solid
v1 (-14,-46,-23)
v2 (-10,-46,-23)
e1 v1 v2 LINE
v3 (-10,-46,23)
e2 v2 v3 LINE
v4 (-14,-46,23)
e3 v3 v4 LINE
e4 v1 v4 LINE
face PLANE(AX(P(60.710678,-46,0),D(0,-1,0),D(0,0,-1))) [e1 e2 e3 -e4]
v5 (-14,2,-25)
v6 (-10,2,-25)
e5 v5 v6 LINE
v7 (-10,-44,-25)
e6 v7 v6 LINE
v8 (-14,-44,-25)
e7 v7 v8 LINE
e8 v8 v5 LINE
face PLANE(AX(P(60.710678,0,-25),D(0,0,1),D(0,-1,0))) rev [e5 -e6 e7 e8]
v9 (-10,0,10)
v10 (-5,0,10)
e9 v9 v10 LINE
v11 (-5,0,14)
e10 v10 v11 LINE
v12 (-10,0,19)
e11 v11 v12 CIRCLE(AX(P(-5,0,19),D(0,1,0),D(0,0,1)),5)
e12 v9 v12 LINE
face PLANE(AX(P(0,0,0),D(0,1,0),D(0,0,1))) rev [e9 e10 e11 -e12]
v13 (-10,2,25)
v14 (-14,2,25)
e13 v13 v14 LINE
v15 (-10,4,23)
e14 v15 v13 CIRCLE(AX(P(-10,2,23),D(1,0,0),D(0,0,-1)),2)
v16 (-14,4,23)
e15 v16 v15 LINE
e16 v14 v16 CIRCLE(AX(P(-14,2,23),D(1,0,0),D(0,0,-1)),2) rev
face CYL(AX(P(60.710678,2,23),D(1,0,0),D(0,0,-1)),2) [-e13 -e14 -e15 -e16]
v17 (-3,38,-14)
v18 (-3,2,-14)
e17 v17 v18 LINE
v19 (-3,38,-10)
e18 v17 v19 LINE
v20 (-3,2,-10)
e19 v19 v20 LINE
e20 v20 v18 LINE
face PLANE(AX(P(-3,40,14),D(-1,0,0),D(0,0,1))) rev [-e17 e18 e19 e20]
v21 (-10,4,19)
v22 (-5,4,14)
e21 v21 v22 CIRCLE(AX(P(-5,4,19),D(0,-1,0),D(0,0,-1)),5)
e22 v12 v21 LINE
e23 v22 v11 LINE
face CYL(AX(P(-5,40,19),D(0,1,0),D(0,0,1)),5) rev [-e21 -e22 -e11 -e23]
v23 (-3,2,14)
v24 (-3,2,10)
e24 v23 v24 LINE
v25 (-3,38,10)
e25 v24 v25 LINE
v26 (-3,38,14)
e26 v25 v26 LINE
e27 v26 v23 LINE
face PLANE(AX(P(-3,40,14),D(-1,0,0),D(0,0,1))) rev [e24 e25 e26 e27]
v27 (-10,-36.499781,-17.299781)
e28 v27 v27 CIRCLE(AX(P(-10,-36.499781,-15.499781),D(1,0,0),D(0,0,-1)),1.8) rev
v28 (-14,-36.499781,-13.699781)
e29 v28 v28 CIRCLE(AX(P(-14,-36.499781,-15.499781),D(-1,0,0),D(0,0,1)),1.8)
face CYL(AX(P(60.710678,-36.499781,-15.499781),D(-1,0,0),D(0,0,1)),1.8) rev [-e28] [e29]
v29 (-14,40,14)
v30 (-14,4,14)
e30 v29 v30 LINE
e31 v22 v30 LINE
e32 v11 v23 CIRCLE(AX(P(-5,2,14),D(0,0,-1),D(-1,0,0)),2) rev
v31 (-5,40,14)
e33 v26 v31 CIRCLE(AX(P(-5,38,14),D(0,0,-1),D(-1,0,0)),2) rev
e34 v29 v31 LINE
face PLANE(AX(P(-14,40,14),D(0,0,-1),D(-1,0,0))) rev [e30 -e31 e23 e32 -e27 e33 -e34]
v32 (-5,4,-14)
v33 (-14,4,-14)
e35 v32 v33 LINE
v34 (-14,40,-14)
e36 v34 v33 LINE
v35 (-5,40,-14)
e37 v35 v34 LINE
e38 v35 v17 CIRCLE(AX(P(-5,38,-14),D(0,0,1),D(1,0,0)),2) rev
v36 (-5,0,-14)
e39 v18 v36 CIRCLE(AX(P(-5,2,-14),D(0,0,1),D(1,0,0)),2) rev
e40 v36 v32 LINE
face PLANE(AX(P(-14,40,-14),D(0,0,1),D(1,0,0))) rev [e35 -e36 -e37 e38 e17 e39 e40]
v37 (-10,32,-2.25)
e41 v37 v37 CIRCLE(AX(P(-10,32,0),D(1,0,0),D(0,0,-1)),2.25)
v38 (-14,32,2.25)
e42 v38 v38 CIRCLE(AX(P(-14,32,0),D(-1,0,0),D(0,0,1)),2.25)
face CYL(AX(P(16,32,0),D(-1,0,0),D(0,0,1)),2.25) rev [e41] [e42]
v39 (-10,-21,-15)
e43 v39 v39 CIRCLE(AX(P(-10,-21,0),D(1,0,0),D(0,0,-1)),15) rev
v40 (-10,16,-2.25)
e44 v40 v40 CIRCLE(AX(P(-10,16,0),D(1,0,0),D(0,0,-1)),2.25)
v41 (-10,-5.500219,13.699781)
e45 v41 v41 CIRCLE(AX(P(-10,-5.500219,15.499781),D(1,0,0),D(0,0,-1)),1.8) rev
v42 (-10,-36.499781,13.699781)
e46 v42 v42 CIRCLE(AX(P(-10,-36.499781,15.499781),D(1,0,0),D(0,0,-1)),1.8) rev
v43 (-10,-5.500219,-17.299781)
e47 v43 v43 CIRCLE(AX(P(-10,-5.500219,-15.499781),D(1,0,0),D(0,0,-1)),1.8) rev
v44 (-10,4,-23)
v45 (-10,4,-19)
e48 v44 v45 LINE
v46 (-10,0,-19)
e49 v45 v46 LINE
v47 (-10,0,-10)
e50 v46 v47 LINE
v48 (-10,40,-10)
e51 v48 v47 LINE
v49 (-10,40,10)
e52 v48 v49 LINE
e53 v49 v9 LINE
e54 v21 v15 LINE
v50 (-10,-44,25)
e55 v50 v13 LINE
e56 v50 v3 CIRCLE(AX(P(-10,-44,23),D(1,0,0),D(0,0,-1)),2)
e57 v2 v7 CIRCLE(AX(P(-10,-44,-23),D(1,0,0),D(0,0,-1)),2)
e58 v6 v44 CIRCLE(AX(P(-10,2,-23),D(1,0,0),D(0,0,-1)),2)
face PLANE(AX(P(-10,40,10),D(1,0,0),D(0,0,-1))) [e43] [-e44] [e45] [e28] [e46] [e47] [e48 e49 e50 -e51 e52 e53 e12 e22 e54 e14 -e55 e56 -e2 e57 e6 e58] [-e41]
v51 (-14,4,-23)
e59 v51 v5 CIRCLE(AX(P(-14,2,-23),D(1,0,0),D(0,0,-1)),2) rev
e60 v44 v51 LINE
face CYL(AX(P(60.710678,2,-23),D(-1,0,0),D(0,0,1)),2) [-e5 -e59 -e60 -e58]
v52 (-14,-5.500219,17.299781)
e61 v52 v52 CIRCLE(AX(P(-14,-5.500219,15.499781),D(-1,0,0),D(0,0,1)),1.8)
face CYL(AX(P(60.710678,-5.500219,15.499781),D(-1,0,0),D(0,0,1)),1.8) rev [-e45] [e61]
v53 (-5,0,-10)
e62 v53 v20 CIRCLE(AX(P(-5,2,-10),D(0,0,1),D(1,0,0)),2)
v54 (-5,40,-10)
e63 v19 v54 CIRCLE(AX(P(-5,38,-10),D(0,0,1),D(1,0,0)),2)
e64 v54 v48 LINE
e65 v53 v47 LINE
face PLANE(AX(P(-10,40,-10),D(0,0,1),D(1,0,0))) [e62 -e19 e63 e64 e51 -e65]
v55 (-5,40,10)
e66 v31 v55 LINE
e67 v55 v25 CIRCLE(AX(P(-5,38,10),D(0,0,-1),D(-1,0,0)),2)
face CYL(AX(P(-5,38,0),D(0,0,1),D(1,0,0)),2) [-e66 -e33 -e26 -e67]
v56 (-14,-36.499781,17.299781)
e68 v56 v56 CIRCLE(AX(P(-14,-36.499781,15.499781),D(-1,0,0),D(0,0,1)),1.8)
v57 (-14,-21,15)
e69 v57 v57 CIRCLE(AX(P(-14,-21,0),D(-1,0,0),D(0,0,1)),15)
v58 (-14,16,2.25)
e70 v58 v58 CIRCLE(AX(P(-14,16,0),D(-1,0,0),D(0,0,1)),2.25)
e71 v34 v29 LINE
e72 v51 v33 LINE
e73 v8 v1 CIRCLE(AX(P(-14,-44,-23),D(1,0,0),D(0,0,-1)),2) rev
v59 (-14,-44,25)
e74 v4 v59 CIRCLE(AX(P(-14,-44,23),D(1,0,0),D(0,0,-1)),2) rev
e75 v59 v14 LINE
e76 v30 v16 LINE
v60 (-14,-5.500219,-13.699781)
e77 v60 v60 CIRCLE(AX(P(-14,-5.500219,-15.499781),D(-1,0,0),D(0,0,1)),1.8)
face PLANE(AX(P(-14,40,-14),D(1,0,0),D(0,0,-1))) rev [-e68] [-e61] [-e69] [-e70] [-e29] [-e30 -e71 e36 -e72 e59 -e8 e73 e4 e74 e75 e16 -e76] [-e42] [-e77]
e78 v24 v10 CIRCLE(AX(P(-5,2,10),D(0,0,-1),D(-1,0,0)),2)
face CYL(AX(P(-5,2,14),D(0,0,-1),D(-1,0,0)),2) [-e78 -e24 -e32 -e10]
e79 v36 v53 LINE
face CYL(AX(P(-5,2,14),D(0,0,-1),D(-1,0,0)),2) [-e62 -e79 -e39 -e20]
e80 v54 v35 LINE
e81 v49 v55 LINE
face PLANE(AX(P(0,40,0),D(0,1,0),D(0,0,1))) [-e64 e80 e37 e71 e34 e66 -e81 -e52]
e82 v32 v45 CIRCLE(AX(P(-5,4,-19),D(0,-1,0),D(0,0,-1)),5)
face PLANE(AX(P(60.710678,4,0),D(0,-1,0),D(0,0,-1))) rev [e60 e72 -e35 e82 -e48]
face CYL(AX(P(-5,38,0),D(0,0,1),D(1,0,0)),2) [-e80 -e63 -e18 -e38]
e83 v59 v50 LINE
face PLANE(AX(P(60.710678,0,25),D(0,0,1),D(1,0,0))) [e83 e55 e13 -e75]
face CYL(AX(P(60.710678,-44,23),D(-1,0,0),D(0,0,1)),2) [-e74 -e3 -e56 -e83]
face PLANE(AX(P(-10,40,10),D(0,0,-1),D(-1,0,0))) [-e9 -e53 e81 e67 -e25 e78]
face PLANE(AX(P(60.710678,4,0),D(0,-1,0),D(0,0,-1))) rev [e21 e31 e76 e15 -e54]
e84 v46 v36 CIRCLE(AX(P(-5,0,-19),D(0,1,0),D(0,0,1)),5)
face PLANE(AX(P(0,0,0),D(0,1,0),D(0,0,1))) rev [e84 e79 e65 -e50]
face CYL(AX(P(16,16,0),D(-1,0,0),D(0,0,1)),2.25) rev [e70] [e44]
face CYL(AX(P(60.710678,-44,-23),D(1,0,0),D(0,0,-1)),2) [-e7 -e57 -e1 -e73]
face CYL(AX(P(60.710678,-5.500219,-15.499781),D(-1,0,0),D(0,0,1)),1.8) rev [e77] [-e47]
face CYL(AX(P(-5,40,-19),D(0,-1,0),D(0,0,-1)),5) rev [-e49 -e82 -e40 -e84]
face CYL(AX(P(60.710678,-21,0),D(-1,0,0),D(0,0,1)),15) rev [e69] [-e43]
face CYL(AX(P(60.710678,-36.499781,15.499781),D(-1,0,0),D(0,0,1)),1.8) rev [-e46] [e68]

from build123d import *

# Parameters (mm, degrees)
SKETCH1_W           = 28
SKETCH1_H           = 28
SKETCH1_W_2         = 20
SKETCH1_H_2         = 20
BOSS_EXTRUDE1_DEPTH = 40
SKETCH2_R           = 2.25
CUT_EXTRUDE1_DEPTH  = 30
SKETCH5_W           = 50
SKETCH5_H           = 50
SKETCH5_R           = 1.8
SKETCH5_R_2         = 15
BOSS_EXTRUDE2_DEPTH = 4
SKETCH6_W           = 17
SKETCH6_H           = 28
CUT_EXTRUDE2_DEPTH  = 40
FILLET1_R           = 2
FILLET2_R           = 5


with BuildPart() as part:
    # Sketch1 → Boss-Extrude1 (new body)
    with BuildSketch(Plane(origin=(0, 0, 0), x_dir=(1, 0, 0), z_dir=(0, 1, 0))):
        Rectangle(SKETCH1_W, SKETCH1_H)
        Rectangle(SKETCH1_W_2, SKETCH1_H_2, mode=Mode.SUBTRACT)
    extrude(amount=BOSS_EXTRUDE1_DEPTH)

    # Sketch2 → Cut-Extrude1 (cut)
    with BuildSketch(Plane.ZY.offset(14)):
        with Locations((0, 32)):
            Circle(SKETCH2_R)
        with Locations((0, 16)):
            Circle(SKETCH2_R)
    extrude(amount=-CUT_EXTRUDE1_DEPTH, mode=Mode.SUBTRACT)

    # Sketch5 → Boss-Extrude2 (add)
    with BuildSketch(Plane.ZY.offset(14)):
        with Locations((0, -21)):
            Rectangle(SKETCH5_W, SKETCH5_H)
        with Locations((-15.499780644, -5.500219356)):
            Circle(SKETCH5_R, mode=Mode.SUBTRACT)
        with Locations((15.499780644, -5.500219356)):
            Circle(SKETCH5_R, mode=Mode.SUBTRACT)
        with Locations((15.499780644, -36.499780644)):
            Circle(SKETCH5_R, mode=Mode.SUBTRACT)
        with Locations((-15.499780644, -36.499780644)):
            Circle(SKETCH5_R, mode=Mode.SUBTRACT)
        with Locations((0, -21)):
            Circle(SKETCH5_R_2, mode=Mode.SUBTRACT)
    extrude(amount=-BOSS_EXTRUDE2_DEPTH)

    # Sketch6 → Cut-Extrude2 (cut)
    with BuildSketch(Plane.XZ):
        with Locations((5.5, 0)):
            Rectangle(SKETCH6_W, SKETCH6_H)
    extrude(amount=-CUT_EXTRUDE2_DEPTH, mode=Mode.SUBTRACT)

    # Fillet1
    fillet1_edges = [part.edges().sort_by_distance(p)[0] for p in [
        (-3, 0, -12),
        (-3, 0, 12),
        (-12, 4, 25),
        (-12, -46, 25),
        (-12, -46, -25),
        (-12, 4, -25),
        (-3, 40, -12),
        (-3, 40, 12),
    ]]
    fillet(fillet1_edges, radius=FILLET1_R)

    # Fillet2
    fillet2_edges = [part.edges().sort_by_distance(p)[0] for p in [
        (-10, 2, -14),
        (-10, 2, 14),
    ]]
    fillet(fillet2_edges, radius=FILLET2_R)


solid = part.part
